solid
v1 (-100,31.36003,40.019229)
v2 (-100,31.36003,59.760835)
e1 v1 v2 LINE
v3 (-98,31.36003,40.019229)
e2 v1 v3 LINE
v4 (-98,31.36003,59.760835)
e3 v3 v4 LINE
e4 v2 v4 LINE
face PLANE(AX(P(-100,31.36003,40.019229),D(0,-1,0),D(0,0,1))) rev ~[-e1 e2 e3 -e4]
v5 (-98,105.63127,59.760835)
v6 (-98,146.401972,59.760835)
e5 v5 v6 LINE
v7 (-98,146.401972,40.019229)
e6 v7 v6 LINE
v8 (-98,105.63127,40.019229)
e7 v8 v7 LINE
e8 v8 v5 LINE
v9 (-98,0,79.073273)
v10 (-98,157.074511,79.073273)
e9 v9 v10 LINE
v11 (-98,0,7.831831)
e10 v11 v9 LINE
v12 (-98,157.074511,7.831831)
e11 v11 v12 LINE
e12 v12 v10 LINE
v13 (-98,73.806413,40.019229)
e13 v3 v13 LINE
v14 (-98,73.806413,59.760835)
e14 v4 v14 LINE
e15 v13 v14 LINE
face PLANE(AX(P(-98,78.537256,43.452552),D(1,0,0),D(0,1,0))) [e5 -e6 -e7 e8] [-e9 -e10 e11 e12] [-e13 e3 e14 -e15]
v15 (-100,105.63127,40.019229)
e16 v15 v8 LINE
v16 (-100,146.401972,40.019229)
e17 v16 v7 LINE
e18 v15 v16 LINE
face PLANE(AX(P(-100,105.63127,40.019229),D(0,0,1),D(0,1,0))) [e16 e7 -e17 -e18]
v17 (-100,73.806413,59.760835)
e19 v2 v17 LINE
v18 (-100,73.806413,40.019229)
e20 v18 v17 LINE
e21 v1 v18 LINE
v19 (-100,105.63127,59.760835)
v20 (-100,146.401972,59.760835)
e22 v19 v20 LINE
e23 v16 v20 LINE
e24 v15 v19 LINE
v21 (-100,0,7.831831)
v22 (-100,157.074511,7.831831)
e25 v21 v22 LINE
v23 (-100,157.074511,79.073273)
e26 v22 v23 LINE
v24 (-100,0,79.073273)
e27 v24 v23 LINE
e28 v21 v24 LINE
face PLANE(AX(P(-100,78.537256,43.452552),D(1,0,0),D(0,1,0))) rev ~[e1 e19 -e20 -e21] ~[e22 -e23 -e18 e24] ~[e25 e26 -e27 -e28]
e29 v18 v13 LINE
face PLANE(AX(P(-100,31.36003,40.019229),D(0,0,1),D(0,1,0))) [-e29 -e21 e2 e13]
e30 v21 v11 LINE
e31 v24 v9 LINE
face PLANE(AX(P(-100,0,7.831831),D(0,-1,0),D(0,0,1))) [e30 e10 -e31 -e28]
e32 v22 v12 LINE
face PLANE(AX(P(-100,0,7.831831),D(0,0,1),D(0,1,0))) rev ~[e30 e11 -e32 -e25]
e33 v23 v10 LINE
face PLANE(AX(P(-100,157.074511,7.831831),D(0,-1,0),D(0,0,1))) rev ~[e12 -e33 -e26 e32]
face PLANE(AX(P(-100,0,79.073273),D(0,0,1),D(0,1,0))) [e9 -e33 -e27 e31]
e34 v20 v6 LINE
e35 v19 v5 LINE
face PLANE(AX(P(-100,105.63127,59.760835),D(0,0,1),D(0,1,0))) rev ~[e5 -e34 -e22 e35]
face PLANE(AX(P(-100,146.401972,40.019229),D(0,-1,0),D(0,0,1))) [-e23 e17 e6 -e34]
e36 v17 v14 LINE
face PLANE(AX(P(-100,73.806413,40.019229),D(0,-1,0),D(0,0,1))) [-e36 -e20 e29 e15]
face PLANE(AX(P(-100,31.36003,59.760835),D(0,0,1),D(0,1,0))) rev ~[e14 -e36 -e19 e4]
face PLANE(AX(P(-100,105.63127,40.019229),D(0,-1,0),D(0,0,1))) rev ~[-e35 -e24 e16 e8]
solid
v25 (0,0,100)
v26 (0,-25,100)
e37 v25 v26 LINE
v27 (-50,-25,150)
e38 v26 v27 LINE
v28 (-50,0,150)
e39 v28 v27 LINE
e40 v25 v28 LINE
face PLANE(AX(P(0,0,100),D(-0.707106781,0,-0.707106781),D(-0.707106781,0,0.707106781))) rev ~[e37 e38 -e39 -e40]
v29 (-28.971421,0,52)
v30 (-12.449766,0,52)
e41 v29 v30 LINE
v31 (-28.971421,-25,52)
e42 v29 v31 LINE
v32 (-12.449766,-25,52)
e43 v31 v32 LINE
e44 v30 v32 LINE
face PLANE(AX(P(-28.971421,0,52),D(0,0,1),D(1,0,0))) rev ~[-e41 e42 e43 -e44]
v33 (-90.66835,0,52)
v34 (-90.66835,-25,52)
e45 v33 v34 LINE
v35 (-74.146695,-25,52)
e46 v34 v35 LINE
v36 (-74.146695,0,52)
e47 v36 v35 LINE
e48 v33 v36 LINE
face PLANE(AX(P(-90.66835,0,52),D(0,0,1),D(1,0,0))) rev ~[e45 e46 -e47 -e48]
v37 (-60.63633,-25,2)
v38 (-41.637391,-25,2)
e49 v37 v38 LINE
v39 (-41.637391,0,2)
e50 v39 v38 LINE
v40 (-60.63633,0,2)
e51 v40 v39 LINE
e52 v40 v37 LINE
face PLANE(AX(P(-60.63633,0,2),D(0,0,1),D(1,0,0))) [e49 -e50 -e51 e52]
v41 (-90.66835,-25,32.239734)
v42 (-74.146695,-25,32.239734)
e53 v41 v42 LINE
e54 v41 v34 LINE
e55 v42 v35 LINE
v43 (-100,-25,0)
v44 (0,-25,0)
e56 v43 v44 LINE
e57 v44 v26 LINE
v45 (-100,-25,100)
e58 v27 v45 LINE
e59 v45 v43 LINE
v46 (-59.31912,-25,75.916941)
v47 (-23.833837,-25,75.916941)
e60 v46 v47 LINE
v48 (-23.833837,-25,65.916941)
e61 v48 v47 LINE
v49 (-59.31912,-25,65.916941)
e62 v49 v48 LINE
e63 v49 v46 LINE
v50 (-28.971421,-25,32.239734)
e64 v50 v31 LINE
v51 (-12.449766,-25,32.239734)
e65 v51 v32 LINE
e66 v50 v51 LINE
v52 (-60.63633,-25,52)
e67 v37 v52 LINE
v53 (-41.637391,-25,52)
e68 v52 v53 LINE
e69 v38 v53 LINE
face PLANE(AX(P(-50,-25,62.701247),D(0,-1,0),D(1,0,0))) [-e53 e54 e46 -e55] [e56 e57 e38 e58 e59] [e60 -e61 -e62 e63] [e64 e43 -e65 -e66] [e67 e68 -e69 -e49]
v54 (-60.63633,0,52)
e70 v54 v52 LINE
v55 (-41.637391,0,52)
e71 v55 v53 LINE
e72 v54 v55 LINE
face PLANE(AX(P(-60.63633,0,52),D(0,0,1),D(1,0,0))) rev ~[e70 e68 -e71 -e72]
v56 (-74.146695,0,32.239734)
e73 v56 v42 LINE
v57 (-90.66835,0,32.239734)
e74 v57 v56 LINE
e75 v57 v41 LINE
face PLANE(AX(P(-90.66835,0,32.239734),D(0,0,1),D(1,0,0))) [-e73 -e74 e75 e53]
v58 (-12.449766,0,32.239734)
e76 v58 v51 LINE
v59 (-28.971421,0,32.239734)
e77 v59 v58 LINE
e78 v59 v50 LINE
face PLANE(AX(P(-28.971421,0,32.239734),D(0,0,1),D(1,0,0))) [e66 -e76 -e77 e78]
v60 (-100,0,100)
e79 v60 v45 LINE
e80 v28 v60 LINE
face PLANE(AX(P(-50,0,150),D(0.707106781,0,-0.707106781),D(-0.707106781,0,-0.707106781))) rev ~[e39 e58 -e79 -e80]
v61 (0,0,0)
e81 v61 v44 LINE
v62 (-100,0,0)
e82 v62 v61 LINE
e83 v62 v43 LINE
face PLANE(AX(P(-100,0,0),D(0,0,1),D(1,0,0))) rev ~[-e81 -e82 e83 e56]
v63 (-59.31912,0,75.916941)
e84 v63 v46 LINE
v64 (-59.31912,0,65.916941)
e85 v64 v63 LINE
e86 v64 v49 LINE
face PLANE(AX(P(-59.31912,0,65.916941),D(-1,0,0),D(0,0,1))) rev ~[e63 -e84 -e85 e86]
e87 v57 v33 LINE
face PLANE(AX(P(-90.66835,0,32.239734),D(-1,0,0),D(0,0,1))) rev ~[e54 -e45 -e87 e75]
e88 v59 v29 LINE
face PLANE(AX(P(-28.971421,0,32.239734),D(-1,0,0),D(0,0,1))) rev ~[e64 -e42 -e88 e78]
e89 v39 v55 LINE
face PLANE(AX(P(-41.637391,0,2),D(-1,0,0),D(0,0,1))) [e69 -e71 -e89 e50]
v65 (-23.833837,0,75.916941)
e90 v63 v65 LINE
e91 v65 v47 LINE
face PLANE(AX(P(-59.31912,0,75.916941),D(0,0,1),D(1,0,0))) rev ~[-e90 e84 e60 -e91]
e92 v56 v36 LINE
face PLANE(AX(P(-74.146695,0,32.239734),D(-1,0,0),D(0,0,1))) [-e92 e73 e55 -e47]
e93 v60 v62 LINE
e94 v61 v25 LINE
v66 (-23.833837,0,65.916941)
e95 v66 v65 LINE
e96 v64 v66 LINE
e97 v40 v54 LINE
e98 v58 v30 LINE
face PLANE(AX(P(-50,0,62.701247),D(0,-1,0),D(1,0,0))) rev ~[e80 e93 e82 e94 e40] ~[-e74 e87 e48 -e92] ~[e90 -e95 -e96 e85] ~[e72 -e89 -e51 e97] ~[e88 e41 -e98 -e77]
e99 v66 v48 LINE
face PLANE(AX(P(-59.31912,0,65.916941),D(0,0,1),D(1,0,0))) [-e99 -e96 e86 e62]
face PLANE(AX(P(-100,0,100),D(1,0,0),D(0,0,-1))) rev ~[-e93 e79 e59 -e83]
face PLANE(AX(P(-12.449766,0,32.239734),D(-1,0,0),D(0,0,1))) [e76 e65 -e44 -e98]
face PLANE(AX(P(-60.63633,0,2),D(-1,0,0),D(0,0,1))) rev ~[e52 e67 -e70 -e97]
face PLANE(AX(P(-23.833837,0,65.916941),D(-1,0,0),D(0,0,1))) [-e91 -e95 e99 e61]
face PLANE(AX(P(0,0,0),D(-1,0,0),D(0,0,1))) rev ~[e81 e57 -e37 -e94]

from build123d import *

# Parameters (mm, degrees)
F1_W     = 18.998939544
F1_H     = 50
F1_W_2   = 16.5216550231
F1_H_2   = 19.7602659464
F1_W_3   = 35.4852825403
F1_H_3   = 10
F2_DEPTH = 25
F4_W     = 157.0745110512
F4_H     = 71.2414421141
F4_W_2   = 42.4463823438
F4_H_2   = 19.7416059673
F4_W_3   = 40.770702064
F5_DEPTH = 2


with BuildPart() as f2:
    # F1 (on Front) → F2 (new body)
    with BuildSketch(Plane.XZ):
        Polygon((-100, 100), (-100, 0), (0, 0), (0, 100), (-50, 150), align=None)
        with Locations((-51.136860624, 27)):
            Rectangle(F1_W, F1_H, mode=Mode.SUBTRACT)
        with Locations((-82.4075229466, 42.1198670268)):
            Rectangle(F1_W_2, F1_H_2, mode=Mode.SUBTRACT)
        with Locations((-41.5764786303, 70.9169405699)):
            Rectangle(F1_W_3, F1_H_3, mode=Mode.SUBTRACT)
        with Locations((-20.7105930895, 42.1198670268)):
            Rectangle(F1_W_2, F1_H_2, mode=Mode.SUBTRACT)
    extrude(amount=F2_DEPTH)


with BuildPart() as f5:
    # F4 (on plane+point) → F5 (new body)
    with BuildSketch(Plane.YZ.offset(-100)):
        with Locations((78.5372555256, 43.4525515884)):
            Rectangle(F4_W, F4_H)
        with Locations((52.5832213461, 49.8900320381)):
            Rectangle(F4_W_2, F4_H_2, mode=Mode.SUBTRACT)
        with Locations((126.0166205466, 49.8900320381)):
            Rectangle(F4_W_3, F4_H_2, mode=Mode.SUBTRACT)
    extrude(amount=F5_DEPTH)


solid = Compound([f2.part, f5.part])
